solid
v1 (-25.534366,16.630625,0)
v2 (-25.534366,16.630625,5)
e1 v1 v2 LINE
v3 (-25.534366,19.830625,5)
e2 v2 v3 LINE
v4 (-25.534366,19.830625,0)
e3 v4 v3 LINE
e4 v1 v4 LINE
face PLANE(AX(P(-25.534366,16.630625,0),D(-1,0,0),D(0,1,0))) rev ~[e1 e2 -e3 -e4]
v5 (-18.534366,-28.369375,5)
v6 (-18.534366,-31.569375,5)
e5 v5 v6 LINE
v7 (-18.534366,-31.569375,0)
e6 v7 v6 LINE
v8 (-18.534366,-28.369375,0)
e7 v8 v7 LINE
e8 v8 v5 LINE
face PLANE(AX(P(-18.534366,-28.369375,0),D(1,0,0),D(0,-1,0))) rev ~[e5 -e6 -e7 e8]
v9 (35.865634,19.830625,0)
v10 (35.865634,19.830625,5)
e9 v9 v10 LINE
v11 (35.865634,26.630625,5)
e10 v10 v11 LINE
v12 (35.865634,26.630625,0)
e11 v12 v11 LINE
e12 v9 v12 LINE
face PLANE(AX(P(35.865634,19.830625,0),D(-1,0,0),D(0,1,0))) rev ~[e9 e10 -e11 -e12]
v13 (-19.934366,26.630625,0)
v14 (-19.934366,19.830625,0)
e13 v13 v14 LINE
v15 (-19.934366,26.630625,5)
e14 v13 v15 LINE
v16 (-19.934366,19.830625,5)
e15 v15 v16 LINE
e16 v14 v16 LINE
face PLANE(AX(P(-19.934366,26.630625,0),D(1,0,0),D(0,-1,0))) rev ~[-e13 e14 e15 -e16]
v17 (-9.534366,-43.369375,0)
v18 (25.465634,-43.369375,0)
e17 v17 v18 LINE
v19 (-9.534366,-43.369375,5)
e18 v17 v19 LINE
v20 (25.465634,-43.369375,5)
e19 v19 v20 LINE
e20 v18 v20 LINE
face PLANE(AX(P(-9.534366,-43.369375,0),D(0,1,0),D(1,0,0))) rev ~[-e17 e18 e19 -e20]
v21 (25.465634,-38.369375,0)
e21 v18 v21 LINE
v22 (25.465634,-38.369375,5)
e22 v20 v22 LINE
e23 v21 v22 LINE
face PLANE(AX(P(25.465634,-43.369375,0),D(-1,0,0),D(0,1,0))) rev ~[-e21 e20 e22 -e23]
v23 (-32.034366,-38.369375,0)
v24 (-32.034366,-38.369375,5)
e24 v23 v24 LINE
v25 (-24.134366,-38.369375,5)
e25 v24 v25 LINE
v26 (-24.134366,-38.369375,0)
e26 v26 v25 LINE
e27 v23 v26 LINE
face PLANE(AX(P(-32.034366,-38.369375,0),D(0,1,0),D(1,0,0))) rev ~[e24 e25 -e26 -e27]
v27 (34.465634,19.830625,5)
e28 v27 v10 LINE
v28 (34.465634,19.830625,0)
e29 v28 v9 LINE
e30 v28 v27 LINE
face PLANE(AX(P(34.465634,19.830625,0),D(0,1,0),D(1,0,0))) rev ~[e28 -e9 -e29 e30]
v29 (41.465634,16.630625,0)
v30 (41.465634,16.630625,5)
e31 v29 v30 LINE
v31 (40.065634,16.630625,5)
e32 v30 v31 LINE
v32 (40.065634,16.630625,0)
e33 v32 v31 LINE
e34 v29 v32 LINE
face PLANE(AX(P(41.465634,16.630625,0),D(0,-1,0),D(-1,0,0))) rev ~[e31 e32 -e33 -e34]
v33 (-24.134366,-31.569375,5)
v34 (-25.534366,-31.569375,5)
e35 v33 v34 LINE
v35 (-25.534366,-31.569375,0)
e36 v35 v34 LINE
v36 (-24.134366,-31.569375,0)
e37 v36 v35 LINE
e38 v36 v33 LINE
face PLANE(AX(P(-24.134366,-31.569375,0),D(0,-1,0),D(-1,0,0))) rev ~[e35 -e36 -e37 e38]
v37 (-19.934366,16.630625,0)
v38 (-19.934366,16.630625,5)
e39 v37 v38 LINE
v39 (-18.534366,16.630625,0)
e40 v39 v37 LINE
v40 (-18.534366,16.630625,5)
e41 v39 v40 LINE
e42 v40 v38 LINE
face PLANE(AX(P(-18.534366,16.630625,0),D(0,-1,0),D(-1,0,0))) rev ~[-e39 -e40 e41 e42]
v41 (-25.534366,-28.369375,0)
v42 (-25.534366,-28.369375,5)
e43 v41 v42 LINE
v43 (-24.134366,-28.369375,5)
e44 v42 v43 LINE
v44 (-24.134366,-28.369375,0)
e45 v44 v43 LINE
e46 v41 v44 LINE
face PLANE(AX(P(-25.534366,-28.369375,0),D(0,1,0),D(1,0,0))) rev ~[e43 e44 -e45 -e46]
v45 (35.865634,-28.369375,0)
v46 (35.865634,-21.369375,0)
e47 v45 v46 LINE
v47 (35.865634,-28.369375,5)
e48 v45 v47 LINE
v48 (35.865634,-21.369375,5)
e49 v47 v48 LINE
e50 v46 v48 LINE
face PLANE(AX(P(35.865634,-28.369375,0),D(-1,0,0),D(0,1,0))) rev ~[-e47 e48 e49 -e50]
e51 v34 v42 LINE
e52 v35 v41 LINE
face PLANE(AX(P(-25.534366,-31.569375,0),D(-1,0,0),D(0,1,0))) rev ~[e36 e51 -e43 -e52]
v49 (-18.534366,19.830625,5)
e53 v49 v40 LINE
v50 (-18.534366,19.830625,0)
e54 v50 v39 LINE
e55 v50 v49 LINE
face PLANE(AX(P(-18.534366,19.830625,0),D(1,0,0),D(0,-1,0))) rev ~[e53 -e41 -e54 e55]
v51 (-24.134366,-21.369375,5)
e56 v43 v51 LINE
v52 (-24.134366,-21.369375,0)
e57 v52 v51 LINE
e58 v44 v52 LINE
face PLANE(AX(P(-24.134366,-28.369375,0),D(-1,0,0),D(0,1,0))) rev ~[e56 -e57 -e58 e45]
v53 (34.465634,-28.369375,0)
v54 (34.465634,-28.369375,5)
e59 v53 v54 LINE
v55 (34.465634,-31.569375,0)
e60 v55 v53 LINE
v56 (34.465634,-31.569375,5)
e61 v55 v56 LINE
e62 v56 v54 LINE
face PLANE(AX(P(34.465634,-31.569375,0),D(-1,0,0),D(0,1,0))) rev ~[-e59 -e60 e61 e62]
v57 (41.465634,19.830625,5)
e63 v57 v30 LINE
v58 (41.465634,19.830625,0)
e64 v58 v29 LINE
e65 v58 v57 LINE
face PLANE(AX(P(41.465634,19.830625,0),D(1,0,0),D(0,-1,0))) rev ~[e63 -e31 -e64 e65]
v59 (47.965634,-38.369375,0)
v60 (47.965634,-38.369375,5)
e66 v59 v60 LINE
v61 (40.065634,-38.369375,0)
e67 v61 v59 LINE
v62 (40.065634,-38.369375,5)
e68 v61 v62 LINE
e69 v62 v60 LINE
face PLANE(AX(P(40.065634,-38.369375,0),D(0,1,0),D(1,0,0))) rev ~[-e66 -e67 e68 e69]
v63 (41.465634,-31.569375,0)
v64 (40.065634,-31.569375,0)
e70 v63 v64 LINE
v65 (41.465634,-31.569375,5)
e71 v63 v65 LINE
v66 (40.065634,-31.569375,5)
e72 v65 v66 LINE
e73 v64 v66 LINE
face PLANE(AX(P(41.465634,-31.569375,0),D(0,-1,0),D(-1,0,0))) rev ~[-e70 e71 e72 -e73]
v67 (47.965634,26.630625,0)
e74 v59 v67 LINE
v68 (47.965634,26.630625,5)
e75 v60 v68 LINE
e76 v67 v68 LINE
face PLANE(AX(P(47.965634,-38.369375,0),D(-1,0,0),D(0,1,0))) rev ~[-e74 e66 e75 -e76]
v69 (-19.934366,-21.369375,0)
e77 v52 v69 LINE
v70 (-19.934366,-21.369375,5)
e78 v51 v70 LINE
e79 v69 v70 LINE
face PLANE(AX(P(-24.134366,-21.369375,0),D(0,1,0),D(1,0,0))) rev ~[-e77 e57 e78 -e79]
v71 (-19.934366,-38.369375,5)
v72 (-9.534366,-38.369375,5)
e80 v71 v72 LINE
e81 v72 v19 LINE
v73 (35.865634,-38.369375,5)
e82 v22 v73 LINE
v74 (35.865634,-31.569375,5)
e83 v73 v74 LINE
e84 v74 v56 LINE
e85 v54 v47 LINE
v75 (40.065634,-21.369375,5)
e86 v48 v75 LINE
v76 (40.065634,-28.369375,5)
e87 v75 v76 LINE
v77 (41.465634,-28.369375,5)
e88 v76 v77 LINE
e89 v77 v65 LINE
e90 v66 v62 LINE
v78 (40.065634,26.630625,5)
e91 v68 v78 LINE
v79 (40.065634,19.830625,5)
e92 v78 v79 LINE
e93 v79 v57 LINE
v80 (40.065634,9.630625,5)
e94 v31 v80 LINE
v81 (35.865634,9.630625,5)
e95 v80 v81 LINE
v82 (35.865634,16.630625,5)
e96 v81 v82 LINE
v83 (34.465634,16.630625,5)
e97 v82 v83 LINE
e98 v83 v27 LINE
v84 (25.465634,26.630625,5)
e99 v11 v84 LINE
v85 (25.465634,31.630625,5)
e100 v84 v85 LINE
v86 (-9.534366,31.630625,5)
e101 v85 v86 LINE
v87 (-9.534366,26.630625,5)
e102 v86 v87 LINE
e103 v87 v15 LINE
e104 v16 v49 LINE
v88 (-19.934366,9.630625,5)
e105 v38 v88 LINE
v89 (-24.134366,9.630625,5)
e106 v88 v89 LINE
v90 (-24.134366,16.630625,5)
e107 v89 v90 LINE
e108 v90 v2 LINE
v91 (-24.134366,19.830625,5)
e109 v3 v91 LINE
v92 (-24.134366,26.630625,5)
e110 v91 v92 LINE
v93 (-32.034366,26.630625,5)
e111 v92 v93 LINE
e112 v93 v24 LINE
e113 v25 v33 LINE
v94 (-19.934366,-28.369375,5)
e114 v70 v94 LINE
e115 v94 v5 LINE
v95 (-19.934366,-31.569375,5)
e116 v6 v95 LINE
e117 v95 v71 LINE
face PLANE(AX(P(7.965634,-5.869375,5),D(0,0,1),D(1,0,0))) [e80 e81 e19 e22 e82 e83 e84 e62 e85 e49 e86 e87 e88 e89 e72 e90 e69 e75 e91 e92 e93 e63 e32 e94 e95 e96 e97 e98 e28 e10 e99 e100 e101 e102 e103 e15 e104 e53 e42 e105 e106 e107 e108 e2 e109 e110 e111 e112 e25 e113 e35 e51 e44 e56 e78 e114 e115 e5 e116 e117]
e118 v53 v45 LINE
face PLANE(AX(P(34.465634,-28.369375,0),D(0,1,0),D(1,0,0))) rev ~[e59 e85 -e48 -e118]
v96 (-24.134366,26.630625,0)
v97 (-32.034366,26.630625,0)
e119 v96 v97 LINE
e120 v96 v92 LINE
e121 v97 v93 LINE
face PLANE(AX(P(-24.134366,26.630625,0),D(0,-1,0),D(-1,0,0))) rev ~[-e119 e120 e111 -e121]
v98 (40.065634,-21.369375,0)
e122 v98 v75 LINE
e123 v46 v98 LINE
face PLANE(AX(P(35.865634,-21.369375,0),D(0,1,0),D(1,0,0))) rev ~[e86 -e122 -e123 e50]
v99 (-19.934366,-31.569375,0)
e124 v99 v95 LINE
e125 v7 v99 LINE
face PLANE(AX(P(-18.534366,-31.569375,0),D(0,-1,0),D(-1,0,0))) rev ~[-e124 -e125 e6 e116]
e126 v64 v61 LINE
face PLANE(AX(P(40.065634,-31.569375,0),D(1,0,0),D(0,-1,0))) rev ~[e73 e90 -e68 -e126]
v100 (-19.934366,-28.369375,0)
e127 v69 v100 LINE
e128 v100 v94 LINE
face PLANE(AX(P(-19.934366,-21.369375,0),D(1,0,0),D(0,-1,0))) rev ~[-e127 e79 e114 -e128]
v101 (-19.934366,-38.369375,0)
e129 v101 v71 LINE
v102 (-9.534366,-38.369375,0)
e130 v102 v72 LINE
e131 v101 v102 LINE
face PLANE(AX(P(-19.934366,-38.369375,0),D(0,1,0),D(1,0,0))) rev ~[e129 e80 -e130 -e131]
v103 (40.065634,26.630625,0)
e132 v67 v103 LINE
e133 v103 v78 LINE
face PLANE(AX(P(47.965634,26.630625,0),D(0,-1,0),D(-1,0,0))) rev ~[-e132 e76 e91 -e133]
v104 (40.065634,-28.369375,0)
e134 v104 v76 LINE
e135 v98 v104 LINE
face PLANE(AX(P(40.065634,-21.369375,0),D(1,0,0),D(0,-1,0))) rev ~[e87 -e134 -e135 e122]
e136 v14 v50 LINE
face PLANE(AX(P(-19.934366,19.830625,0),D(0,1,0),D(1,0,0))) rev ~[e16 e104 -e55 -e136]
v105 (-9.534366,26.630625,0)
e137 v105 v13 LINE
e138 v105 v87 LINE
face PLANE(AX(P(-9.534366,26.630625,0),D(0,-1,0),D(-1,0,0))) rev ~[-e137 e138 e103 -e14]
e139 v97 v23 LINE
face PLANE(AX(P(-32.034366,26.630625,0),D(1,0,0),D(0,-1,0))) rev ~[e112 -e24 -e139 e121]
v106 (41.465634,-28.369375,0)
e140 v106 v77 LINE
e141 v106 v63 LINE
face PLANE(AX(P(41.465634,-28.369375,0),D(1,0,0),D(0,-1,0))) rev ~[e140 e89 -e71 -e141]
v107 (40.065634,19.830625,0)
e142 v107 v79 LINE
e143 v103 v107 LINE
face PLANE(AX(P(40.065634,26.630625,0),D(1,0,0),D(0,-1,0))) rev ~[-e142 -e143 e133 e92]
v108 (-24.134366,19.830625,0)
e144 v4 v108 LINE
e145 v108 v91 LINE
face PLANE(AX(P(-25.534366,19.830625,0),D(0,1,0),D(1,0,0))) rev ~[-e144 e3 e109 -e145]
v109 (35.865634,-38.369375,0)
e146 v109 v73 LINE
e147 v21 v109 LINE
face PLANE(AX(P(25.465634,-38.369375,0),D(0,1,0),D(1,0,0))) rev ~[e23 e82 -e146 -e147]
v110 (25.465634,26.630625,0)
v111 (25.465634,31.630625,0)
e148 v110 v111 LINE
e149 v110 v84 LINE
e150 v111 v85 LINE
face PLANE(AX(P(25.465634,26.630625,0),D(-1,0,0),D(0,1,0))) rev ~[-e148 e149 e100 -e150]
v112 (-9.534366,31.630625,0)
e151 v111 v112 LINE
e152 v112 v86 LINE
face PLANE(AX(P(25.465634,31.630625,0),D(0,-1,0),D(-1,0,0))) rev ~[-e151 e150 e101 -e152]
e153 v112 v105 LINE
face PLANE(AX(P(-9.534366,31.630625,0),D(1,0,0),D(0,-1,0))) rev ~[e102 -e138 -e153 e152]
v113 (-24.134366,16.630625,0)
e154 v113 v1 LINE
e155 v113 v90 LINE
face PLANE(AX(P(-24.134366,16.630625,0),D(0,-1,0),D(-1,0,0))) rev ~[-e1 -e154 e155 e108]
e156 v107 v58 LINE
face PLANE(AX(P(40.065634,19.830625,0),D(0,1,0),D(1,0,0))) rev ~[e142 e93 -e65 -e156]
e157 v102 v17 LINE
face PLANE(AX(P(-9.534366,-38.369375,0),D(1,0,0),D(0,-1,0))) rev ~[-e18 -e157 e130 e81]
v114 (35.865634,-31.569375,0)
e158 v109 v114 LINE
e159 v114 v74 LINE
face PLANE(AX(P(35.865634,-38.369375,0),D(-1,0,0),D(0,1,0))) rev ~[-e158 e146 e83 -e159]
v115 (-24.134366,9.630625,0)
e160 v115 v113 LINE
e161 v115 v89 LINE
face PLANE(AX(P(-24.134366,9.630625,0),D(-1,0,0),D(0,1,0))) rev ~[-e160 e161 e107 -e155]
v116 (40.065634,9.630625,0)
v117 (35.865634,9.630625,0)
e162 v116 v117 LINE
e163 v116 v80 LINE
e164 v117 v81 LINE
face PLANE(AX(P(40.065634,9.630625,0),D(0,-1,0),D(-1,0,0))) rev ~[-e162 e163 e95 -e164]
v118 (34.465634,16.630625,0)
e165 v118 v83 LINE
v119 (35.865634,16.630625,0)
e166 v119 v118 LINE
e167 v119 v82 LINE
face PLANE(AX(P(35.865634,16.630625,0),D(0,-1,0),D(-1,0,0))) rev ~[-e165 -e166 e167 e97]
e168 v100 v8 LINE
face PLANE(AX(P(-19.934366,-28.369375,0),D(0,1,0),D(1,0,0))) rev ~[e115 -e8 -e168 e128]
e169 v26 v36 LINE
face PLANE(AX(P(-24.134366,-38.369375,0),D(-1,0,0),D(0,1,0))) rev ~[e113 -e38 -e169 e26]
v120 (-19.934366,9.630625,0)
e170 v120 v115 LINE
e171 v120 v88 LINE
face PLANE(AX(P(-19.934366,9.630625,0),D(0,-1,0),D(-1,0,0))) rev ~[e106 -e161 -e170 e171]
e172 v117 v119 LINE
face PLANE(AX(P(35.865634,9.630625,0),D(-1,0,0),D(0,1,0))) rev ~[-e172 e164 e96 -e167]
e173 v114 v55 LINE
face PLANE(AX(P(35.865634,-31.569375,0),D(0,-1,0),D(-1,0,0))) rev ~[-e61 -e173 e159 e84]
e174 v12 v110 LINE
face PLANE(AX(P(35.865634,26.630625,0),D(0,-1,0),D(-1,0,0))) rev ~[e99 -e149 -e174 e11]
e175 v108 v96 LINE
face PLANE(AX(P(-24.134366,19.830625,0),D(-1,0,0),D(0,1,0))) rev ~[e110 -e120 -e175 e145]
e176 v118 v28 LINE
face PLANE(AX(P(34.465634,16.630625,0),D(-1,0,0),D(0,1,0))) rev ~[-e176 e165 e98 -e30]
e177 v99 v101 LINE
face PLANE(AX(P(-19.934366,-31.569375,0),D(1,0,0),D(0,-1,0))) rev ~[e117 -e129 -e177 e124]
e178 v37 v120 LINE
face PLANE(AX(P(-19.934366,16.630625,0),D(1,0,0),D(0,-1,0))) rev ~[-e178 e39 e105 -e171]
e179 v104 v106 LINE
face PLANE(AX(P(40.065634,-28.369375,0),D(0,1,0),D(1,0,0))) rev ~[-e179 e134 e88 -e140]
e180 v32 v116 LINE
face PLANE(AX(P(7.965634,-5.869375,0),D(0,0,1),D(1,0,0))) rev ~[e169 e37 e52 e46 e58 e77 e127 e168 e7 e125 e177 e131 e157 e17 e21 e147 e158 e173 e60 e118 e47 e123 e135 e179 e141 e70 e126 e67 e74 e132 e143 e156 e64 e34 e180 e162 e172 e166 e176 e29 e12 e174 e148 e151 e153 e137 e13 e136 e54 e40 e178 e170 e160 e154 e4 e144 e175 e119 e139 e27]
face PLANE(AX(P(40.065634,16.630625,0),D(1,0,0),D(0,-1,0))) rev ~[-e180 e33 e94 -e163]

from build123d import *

# Parameters (mm, degrees)
BOSS_EXTRUDE1_DEPTH = 5


with BuildPart() as part:
    # Sketch1 → Boss-Extrude1 (new body)
    with BuildSketch(Plane.XY):
        Polygon((-24.134366274, 26.630625459), (-32.034366274, 26.630625459), (-32.034366274, -38.369374541), (-24.134366274, -38.369374541), (-24.134366274, -31.569374541), (-25.534366274, -31.569374541), (-25.534366274, -28.369374541), (-24.134366274, -28.369374541), (-24.134366274, -21.369374541), (-19.934366274, -21.369374541), (-19.934366274, -28.369374541), (-18.534366274, -28.369374541), (-18.534366274, -31.569374541), (-19.934366274, -31.569374541), (-19.934366274, -38.369374541), (-9.534366274, -38.369374541), (-9.534366274, -43.369374541), (25.465633726, -43.369374541), (25.465633726, -38.369374541), (35.865633726, -38.369374541), (35.865633726, -31.569374541), (34.465633726, -31.569374541), (34.465633726, -28.369374541), (35.865633726, -28.369374541), (35.865633726, -21.369374541), (40.065633726, -21.369374541), (40.065633726, -28.369374541), (41.465633726, -28.369374541), (41.465633726, -31.569374541), (40.065633726, -31.569374541), (40.065633726, -38.369374541), (47.965633726, -38.369374541), (47.965633726, 26.630625459), (40.065633726, 26.630625459), (40.065633726, 19.830625459), (41.465633726, 19.830625459), (41.465633726, 16.630625459), (40.065633726, 16.630625459), (40.065633726, 9.630625459), (35.865633726, 9.630625459), (35.865633726, 16.630625459), (34.465633726, 16.630625459), (34.465633726, 19.830625459), (35.865633726, 19.830625459), (35.865633726, 26.630625459), (25.465633726, 26.630625459), (25.465633726, 31.630625459), (-9.534366274, 31.630625459), (-9.534366274, 26.630625459), (-19.934366274, 26.630625459), (-19.934366274, 19.830625459), (-18.534366274, 19.830625459), (-18.534366274, 16.630625459), (-19.934366274, 16.630625459), (-19.934366274, 9.630625459), (-24.134366274, 9.630625459), (-24.134366274, 16.630625459), (-25.534366274, 16.630625459), (-25.534366274, 19.830625459), (-24.134366274, 19.830625459), align=None)
    extrude(amount=BOSS_EXTRUDE1_DEPTH)


solid = part.part
